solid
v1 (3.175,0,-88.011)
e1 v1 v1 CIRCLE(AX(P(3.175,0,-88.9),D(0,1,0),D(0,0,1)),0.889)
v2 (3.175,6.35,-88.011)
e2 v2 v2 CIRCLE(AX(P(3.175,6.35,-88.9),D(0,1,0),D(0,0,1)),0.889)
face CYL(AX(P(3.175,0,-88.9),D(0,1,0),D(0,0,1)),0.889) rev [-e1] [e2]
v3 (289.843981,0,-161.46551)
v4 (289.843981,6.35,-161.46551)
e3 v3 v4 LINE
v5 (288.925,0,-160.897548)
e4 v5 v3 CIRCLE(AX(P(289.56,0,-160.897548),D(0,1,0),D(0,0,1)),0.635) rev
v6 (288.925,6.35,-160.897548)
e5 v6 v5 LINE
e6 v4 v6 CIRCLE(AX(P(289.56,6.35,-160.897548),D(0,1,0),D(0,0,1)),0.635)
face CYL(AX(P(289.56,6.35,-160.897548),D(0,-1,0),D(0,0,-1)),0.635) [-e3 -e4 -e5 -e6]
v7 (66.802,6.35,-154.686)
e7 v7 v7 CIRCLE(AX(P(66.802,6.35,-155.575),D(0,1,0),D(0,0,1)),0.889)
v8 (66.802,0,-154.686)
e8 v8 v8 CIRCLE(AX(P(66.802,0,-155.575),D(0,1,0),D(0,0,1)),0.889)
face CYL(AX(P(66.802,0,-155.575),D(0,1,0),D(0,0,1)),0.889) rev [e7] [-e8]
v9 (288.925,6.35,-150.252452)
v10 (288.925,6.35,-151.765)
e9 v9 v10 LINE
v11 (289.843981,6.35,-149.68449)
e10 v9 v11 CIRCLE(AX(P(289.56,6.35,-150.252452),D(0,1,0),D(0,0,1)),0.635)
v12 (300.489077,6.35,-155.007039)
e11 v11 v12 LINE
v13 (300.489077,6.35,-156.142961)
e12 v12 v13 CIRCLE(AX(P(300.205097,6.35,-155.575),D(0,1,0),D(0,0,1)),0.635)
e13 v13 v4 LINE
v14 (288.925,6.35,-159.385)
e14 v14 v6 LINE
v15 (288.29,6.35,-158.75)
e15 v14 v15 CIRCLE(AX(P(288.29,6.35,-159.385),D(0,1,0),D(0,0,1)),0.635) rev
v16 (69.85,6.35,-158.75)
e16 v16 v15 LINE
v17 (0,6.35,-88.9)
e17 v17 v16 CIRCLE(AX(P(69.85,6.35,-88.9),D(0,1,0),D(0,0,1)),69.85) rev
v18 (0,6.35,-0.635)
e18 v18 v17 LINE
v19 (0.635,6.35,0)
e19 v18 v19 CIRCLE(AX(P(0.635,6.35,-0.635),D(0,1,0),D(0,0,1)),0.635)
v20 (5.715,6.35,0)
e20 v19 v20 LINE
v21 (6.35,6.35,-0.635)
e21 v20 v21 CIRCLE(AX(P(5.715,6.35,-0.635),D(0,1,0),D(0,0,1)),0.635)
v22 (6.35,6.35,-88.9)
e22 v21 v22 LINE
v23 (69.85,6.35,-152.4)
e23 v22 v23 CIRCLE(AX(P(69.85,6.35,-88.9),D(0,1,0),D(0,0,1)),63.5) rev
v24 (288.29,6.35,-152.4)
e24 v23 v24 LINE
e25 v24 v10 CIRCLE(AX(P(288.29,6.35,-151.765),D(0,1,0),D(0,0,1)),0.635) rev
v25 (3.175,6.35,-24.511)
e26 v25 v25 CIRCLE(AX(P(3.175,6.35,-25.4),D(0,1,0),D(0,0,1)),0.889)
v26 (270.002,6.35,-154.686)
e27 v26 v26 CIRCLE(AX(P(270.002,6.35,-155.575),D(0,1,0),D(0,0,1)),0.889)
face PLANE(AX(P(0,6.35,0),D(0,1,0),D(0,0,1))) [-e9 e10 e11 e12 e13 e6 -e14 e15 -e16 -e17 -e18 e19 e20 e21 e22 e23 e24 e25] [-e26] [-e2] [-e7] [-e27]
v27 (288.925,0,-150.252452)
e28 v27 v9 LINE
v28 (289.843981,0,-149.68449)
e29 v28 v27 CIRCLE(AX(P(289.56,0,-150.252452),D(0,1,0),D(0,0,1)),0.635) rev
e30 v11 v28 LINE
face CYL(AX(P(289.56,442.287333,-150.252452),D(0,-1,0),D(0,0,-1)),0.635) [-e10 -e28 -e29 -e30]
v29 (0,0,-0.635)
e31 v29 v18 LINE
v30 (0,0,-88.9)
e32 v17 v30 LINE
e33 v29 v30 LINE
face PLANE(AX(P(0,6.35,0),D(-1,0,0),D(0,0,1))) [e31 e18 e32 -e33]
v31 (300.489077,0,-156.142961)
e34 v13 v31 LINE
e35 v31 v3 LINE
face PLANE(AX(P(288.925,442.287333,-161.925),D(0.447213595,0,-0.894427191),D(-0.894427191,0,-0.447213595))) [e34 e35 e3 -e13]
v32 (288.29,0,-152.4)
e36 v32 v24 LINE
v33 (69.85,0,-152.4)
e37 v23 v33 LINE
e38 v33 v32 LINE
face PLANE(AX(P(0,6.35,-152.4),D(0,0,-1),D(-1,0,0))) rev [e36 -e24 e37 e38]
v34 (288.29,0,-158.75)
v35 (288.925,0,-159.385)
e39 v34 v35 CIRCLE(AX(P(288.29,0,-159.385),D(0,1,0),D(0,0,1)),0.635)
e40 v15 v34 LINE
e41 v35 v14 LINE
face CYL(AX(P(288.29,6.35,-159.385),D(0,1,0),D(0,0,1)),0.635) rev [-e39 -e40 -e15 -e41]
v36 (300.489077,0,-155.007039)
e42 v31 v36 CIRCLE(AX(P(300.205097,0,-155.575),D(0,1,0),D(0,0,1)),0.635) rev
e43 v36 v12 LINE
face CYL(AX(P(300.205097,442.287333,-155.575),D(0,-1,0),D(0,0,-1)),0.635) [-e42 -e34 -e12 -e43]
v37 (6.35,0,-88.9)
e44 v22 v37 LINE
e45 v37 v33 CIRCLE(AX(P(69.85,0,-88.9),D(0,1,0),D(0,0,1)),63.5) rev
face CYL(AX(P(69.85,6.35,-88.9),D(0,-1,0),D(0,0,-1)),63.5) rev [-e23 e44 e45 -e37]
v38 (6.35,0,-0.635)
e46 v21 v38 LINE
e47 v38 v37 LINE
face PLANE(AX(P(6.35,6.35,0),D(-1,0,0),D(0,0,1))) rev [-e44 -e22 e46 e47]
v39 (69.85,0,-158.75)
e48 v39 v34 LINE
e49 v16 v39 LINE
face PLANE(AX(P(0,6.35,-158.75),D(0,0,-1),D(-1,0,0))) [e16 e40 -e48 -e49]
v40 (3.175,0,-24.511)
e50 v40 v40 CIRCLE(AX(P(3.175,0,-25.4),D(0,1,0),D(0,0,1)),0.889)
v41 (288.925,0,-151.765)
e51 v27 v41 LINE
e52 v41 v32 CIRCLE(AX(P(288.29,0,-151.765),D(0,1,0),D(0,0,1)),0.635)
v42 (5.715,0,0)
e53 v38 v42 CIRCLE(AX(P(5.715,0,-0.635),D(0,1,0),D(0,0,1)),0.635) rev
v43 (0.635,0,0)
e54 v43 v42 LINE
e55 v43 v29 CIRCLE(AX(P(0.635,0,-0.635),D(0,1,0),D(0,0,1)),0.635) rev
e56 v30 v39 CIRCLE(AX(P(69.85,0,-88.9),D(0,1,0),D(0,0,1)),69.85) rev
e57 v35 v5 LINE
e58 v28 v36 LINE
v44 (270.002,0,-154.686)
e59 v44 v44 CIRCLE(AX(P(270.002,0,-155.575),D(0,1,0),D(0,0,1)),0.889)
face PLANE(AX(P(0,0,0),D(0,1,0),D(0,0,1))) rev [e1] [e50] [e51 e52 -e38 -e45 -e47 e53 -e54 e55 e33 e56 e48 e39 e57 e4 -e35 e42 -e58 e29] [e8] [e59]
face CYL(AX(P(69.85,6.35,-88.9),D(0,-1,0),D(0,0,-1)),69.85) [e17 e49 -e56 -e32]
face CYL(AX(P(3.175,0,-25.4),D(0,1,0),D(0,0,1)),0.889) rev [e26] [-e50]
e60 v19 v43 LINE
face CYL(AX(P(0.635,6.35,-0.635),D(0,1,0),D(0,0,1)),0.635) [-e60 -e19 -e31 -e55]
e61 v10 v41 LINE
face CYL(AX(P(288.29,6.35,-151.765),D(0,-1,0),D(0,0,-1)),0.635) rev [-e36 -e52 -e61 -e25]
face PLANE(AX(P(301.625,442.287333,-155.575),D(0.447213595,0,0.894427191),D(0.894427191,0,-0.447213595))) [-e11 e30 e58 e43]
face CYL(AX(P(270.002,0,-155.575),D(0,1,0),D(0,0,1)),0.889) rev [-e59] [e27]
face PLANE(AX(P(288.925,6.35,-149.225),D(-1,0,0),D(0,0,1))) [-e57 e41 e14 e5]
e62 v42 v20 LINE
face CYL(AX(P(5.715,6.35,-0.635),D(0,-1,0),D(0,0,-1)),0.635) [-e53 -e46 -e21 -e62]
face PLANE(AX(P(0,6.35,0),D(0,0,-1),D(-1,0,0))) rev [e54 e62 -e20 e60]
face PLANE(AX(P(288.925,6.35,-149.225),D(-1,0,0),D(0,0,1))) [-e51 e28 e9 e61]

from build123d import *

# Parameters (mm, degrees)
SKETCH1_W               = 6.35
SKETCH1_H               = 88.9
SKETCH1_W_2             = 231.775
SKETCH1_H_2             = 6.35
SKETCH1_W_3             = 12.7
SKETCH1_H_3             = 12.7
BOSS_EXTRUDE1_DEPTH     = 6.35
CUT_EXTRUDE1_DEPTH      = 343.399866749
CUT_EXTRUDE1_DEPTH_BACK = 343.399866749
FILLET1_R               = 0.635
SKETCH3_R               = 0.889
CUT_EXTRUDE2_DEPTH      = 342.522840468


with BuildPart() as part:
    # Sketch1 → Boss-Extrude1 (new body)
    with BuildSketch(Plane(origin=(0, 0, 0), x_dir=(1, 0, 0), z_dir=(0, 1, 0))):
        with Locations((3.175, 44.45)):
            Rectangle(SKETCH1_W, SKETCH1_H)
        with BuildLine():
            ThreePointArc((0, 88.9), (20.458591334, 138.291408666), (69.85, 158.75))
            Line((69.85, 158.75), (69.85, 152.4))
            ThreePointArc((69.85, 152.4), (24.948719395, 133.801280605), (6.35, 88.9))
            Line((6.35, 88.9), (0, 88.9))
        make_face()
        with Locations((185.7375, 155.575)):
            Rectangle(SKETCH1_W_2, SKETCH1_H_2)
        with Locations((295.275, 155.575)):
            Rectangle(SKETCH1_W_3, SKETCH1_H_3)
    extrude(amount=BOSS_EXTRUDE1_DEPTH)

    # Sketch2 → Cut-Extrude1 (cut, two sides: drawn at the far end of the back side and taken through both)
    with BuildSketch(Plane(origin=(0, 6.35, 0), x_dir=(1, 0, 0), z_dir=(0, 1, 0)).offset(-CUT_EXTRUDE1_DEPTH_BACK)):
        Polygon((301.625, 161.925), (288.925, 161.925), (301.625, 155.575), align=None)
        Polygon((301.625, 149.225), (301.625, 155.575), (288.925, 149.225), align=None)
    extrude(amount=CUT_EXTRUDE1_DEPTH + CUT_EXTRUDE1_DEPTH_BACK, mode=Mode.SUBTRACT)

    # Fillet1
    fillet1_edges = [part.edges().sort_by_distance(p)[0] for p in [
        (0, 3.175, 0),
        (288.925, 3.175, -158.75),
        (288.925, 3.175, -152.4),
        (6.35, 3.175, 0),
        (288.925, 3.175, -161.925),
        (288.925, 3.175, -149.225),
        (301.625, 3.175, -155.575),
    ]]
    fillet(fillet1_edges, radius=FILLET1_R)

    # Sketch3 → Cut-Extrude2 (cut, through all)
    with BuildSketch(Plane(origin=(0, 6.35, 0), x_dir=(1, 0, 0), z_dir=(0, 1, 0))):
        with Locations(Location((3.175, 25.4, 0), (0, 0, 270))):
            Circle(SKETCH3_R)
        with Locations(Location((3.175, 88.9, 0), (0, 0, 270))):
            Circle(SKETCH3_R)
        with Locations(Location((66.802, 155.575, 0), (0, 0, 270))):
            Circle(SKETCH3_R)
        with Locations(Location((270.002, 155.575, 0), (0, 0, 270))):
            Circle(SKETCH3_R)
    extrude(amount=-CUT_EXTRUDE2_DEPTH, mode=Mode.SUBTRACT)


solid = part.part
